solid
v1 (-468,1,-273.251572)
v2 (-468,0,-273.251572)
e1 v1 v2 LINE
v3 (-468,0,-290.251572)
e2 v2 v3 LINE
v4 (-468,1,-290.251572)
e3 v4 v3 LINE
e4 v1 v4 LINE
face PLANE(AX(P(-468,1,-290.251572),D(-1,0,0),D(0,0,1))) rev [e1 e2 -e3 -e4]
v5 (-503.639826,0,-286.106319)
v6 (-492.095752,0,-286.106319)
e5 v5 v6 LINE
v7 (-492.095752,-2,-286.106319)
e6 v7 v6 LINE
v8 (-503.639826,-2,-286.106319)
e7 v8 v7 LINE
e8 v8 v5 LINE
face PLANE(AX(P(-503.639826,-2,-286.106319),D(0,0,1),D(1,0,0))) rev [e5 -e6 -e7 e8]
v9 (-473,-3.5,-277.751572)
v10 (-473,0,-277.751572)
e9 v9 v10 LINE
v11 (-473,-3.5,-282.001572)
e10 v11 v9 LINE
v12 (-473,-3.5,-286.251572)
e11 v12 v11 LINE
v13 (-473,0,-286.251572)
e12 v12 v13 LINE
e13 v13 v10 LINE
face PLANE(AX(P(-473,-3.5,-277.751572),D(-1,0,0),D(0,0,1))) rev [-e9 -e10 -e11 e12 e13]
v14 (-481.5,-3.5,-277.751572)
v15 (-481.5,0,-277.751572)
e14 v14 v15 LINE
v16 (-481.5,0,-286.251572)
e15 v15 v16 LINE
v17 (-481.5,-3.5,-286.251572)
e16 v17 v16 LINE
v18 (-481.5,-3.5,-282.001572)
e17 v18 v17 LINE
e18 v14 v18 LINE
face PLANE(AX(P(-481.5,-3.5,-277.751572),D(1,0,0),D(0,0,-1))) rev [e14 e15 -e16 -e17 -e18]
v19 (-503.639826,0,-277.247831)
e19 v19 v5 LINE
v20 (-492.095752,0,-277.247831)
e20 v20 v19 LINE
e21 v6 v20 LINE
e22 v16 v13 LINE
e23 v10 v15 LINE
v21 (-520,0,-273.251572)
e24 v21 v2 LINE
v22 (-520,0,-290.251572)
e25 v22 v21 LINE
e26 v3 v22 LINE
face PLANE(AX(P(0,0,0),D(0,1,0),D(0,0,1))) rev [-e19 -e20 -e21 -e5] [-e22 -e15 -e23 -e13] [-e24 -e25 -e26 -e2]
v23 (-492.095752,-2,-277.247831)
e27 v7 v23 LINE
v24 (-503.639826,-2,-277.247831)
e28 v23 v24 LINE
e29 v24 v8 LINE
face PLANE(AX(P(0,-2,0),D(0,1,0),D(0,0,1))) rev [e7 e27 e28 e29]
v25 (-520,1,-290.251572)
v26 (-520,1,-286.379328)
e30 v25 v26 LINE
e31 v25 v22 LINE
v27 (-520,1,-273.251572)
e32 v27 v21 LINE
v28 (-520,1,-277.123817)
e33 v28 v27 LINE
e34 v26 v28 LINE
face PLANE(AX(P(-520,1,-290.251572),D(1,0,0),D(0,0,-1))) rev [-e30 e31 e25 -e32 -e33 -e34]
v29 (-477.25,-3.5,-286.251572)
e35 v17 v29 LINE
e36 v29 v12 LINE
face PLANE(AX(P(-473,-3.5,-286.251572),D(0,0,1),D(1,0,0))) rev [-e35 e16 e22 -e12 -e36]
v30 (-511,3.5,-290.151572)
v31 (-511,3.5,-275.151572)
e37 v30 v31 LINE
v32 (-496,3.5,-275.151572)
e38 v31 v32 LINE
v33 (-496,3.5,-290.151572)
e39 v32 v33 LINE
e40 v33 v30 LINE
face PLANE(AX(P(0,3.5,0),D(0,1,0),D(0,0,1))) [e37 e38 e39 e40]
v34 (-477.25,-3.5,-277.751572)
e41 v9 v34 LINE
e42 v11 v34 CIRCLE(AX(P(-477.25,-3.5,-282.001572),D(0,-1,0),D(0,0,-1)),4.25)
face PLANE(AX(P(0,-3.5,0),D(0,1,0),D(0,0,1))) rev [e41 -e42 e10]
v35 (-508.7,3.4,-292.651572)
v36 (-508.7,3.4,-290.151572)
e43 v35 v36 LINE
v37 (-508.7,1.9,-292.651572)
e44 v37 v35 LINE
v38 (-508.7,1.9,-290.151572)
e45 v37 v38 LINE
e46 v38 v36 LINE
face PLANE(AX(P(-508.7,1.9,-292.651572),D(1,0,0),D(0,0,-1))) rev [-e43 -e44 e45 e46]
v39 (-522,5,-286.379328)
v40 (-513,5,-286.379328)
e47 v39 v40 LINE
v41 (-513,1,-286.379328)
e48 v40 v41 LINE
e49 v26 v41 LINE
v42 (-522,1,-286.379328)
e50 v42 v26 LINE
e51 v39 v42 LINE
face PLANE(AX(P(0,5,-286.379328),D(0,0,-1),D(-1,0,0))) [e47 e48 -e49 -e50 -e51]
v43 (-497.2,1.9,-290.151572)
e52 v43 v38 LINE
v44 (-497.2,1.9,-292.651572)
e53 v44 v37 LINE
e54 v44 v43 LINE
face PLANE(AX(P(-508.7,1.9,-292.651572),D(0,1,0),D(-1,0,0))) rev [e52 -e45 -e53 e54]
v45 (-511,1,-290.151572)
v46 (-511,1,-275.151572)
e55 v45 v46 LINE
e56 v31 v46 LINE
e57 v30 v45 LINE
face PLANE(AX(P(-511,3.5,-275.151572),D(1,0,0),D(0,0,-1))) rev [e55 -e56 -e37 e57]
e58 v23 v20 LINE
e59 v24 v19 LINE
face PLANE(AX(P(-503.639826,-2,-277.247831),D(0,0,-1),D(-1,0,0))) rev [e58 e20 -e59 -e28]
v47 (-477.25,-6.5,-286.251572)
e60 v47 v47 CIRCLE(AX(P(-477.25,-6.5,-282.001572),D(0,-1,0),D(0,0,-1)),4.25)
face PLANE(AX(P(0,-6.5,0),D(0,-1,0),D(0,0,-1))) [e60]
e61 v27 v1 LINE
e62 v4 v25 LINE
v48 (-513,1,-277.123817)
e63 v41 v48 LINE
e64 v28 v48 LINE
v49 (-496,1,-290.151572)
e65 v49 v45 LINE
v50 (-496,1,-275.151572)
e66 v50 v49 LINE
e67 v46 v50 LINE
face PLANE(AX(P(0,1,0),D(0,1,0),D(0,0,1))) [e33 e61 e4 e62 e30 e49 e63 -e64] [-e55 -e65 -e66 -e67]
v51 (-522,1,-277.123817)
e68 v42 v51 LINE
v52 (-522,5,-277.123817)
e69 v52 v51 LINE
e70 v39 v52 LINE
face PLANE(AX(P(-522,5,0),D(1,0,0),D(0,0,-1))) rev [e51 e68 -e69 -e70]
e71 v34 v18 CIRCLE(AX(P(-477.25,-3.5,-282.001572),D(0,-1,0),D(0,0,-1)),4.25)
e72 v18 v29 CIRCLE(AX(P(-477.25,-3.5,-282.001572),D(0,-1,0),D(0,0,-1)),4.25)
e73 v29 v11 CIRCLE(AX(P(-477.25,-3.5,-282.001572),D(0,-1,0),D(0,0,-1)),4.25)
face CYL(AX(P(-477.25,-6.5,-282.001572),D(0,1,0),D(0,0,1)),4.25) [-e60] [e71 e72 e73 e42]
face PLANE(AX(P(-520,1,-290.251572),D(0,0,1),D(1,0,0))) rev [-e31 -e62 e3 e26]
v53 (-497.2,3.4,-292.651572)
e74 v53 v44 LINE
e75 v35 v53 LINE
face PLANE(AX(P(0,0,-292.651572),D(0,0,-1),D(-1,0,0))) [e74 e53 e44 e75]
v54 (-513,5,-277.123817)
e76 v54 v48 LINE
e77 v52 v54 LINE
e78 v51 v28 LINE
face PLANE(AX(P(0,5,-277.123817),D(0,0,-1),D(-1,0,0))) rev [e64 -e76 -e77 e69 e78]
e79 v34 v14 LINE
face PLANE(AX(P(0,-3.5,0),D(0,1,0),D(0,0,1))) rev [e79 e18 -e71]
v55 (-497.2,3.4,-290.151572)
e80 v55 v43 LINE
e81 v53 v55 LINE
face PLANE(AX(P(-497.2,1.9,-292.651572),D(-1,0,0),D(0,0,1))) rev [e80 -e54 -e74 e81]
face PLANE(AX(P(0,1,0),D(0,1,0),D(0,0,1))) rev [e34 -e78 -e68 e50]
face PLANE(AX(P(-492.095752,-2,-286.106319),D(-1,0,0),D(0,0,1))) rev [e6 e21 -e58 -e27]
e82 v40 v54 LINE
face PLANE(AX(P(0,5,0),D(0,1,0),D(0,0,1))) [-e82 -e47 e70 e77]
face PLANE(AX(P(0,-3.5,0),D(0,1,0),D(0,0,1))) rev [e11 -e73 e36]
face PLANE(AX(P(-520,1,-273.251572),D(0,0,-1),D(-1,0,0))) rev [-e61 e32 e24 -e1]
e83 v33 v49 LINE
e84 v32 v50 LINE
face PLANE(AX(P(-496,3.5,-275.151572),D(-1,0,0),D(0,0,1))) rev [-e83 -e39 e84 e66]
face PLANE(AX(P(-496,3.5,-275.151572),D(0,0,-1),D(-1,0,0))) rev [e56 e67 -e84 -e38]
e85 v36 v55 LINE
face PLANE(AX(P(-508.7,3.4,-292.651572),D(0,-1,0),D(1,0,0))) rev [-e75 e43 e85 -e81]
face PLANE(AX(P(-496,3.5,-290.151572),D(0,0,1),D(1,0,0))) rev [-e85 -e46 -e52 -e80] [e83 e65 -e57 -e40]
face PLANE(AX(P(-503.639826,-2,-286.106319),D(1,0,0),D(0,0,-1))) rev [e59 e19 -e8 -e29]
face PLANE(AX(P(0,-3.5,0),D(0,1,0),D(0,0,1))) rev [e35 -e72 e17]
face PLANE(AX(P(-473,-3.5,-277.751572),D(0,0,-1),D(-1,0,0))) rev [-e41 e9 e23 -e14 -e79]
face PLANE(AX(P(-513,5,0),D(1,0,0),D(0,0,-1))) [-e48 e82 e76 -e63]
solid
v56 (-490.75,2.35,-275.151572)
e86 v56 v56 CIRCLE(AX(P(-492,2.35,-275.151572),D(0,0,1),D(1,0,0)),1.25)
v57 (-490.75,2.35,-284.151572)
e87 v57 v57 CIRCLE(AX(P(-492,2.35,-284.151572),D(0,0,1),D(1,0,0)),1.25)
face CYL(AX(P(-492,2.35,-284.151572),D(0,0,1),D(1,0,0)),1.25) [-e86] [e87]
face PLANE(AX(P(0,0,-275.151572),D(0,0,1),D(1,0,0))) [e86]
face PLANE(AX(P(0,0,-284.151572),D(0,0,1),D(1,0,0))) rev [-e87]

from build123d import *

# Parameters (mm, degrees)
SKETCH1_W           = 52
SKETCH1_H           = 17
BOSS_EXTRUDE1_DEPTH = 1
SKETCH2_W           = 2
SKETCH2_H           = 9.255511068
SKETCH2_W_2         = 7
BOSS_EXTRUDE2_DEPTH = 4
SKETCH3_W           = 15
SKETCH3_H           = 15
BOSS_EXTRUDE3_DEPTH = 2.5
SKETCH4_W           = 11.5
SKETCH4_H           = 1.5
BOSS_EXTRUDE4_DEPTH = 2.5
SKETCH5_R           = 1.25
BOSS_EXTRUDE5_DEPTH = 9
SKETCH6_W           = 8.5
SKETCH6_H           = 8.5
BOSS_EXTRUDE6_DEPTH = 3.5
SKETCH7_R           = 4.25
BOSS_EXTRUDE7_DEPTH = 3
SKETCH8_W           = 11.544073995
SKETCH8_H           = 8.858488223
BOSS_EXTRUDE8_DEPTH = 2


with BuildPart() as part:
    # Sketch1 → Boss-Extrude1 (new body)
    with BuildSketch(Plane(origin=(0, 0, 0), x_dir=(1, 0, 0), z_dir=(0, 1, 0))):
        with Locations((-494, 281.751572327)):
            Rectangle(SKETCH1_W, SKETCH1_H)
    extrude(amount=BOSS_EXTRUDE1_DEPTH)

    # Sketch2 → Boss-Extrude2 (add)
    with BuildSketch(Plane(origin=(0, 1, 0), x_dir=(1, 0, 0), z_dir=(0, 1, 0))):
        with Locations((-521, 281.751572327)):
            Rectangle(SKETCH2_W, SKETCH2_H)
        with Locations((-516.5, 281.751572327)):
            Rectangle(SKETCH2_W_2, SKETCH2_H)
    extrude(amount=BOSS_EXTRUDE2_DEPTH)

    # Sketch3 → Boss-Extrude3 (add)
    with BuildSketch(Plane(origin=(0, 1, 0), x_dir=(1, 0, 0), z_dir=(0, 1, 0))):
        with Locations((-503.5, 282.651572327)):
            Rectangle(SKETCH3_W, SKETCH3_H)
    extrude(amount=BOSS_EXTRUDE3_DEPTH)

    # Sketch4 → Boss-Extrude4 (add)
    with BuildSketch(Plane(origin=(0, 0, -290.151572327), x_dir=(-1, 0, 0), z_dir=(0, 0, -1))):
        with Locations((502.95, 2.65)):
            Rectangle(SKETCH4_W, SKETCH4_H)
    extrude(amount=BOSS_EXTRUDE4_DEPTH)

    # Sketch6 → Boss-Extrude6 (add)
    with BuildSketch(Plane.XZ):
        with Locations((-477.25, -282.001572327)):
            Rectangle(SKETCH6_W, SKETCH6_H)
    extrude(amount=BOSS_EXTRUDE6_DEPTH)

    # Sketch7 → Boss-Extrude7 (add)
    with BuildSketch(Plane.XZ.offset(3.5)):
        with Locations((-477.25, -282.001572327)):
            Circle(SKETCH7_R)
    extrude(amount=BOSS_EXTRUDE7_DEPTH)

    # Sketch8 → Boss-Extrude8 (add)
    with BuildSketch(Plane(origin=(0, 0, 0), x_dir=(-1, 0, 0), z_dir=(0, -1, 0))):
        with Locations((497.867789367, 281.677075186)):
            Rectangle(SKETCH8_W, SKETCH8_H)
    extrude(amount=BOSS_EXTRUDE8_DEPTH)


with BuildPart() as body_2:
    # Sketch5 → Boss-Extrude5 (new body)
    with BuildSketch(Plane.XY.offset(-275.151572327)):
        with Locations((-492, 2.35)):
            Circle(SKETCH5_R)
    extrude(amount=-BOSS_EXTRUDE5_DEPTH)


solid = Compound([part.part, body_2.part])
